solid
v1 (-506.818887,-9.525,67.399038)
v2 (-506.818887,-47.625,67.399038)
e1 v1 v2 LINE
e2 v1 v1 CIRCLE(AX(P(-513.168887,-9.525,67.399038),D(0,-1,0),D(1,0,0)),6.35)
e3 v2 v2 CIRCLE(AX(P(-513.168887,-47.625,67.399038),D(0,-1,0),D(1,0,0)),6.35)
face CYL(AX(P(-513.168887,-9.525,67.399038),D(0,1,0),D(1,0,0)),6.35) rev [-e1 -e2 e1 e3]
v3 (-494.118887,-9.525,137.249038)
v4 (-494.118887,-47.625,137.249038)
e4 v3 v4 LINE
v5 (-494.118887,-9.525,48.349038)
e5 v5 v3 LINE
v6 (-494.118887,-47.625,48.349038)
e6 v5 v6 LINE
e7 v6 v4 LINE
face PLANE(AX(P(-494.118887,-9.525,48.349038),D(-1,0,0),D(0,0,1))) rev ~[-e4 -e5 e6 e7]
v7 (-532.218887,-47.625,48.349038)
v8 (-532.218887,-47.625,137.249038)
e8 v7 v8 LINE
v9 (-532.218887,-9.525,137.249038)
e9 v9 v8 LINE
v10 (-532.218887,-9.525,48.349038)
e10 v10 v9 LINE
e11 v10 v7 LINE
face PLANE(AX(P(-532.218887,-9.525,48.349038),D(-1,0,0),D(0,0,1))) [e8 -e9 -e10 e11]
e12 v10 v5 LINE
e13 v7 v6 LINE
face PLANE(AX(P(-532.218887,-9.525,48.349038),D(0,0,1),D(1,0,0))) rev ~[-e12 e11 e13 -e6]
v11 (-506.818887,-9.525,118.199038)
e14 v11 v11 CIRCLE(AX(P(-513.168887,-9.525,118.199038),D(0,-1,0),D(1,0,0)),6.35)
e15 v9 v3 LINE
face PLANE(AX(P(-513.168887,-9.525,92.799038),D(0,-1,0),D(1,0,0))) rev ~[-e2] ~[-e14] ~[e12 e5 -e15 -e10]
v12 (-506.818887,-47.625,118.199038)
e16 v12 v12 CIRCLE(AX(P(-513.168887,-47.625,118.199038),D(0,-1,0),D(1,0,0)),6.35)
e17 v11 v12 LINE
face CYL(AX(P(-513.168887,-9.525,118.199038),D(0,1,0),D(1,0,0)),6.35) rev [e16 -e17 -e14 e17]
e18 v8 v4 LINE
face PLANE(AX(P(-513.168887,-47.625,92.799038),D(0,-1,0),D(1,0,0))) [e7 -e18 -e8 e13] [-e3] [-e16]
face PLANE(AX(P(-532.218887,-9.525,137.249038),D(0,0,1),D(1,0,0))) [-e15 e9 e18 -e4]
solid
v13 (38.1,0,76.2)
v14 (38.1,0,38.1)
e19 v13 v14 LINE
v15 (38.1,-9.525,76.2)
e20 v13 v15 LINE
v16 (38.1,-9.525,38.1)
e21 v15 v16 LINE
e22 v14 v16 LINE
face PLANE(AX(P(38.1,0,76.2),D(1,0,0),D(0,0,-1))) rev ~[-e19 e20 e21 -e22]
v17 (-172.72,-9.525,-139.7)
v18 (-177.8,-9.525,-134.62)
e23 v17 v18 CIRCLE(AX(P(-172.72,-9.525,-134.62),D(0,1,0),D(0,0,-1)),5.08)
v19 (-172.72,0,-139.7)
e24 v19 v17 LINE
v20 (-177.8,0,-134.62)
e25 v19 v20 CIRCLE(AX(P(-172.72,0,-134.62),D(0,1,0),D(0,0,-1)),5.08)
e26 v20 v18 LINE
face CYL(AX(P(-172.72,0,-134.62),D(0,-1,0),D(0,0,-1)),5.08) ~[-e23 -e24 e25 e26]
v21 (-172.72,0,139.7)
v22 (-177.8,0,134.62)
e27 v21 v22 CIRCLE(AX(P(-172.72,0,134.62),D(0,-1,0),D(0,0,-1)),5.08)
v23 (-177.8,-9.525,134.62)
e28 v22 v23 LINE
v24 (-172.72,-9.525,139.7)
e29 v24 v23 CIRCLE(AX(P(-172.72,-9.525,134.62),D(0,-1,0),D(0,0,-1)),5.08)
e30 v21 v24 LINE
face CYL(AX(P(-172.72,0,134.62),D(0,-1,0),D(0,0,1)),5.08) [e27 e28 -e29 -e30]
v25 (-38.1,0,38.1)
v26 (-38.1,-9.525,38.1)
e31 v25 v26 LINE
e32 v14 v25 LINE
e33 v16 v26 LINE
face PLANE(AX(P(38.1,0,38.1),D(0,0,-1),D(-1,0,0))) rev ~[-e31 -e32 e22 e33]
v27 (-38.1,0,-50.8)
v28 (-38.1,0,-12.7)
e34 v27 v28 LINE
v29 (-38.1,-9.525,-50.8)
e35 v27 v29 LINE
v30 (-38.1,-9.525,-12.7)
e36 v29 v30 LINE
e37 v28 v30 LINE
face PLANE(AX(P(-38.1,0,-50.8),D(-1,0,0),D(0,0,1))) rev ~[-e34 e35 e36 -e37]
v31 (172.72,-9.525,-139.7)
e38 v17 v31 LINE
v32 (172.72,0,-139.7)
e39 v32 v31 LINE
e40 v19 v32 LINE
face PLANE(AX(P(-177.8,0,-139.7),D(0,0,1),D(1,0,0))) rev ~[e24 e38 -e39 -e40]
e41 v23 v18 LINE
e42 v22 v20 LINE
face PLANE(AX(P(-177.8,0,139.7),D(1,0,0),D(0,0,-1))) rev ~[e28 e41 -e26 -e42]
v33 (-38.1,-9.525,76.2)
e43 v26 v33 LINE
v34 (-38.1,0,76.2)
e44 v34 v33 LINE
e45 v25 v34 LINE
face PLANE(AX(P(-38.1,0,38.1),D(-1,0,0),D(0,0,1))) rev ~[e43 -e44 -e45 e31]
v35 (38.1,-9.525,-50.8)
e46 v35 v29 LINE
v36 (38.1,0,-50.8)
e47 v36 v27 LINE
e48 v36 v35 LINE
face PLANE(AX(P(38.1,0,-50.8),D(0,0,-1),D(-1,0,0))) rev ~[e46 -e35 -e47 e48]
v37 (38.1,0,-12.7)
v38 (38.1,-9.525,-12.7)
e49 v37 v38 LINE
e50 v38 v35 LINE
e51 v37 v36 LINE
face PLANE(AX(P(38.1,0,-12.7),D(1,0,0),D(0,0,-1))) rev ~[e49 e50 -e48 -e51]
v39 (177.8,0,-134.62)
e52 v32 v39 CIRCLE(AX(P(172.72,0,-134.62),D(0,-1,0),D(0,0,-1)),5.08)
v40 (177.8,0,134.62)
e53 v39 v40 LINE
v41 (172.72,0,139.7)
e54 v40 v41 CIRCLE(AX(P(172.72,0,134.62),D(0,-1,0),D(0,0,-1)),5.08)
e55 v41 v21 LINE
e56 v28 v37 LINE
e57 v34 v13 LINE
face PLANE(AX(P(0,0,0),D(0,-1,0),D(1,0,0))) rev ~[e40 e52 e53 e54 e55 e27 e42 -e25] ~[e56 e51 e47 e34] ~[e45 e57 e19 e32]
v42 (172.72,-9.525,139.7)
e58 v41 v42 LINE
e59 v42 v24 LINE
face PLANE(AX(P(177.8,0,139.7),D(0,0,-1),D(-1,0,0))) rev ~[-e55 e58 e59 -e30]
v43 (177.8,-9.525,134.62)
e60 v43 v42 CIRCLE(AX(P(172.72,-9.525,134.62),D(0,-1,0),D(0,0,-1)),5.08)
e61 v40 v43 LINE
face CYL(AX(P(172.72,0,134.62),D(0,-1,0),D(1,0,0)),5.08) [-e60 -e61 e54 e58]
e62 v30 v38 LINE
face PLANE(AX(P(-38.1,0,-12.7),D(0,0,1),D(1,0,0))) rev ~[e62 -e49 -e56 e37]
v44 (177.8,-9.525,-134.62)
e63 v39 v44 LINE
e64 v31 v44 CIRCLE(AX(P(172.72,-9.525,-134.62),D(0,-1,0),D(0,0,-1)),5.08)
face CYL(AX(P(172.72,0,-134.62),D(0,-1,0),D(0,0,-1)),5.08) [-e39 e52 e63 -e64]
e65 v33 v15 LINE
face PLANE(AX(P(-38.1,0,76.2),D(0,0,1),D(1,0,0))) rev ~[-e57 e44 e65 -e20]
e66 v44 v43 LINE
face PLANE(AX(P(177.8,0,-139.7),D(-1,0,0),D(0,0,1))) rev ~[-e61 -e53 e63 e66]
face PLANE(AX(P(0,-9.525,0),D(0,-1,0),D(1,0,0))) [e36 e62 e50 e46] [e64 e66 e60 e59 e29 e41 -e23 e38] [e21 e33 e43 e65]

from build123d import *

# Parameters (mm, degrees)
F1_DEPTH = 9.525
F2_R     = 5.08
F3_W     = 38.1
F3_H     = 88.9
F3_R     = 6.35
F4_DEPTH = 38.1


with BuildPart() as f1:
    # F0 (on Front) → F1 (new body)
    with BuildSketch(Plane.XZ):
        Polygon((-177.8, -139.7), (177.8, -139.7), (177.8, 139.7), (0, 139.7), (-177.8, 139.7), align=None)
        Polygon((-38.1, -12.7), (0, -12.7), (38.1, -12.7), (38.1, -50.8), (-38.1, -50.8), align=None, mode=Mode.SUBTRACT)
        Polygon((-38.1, 76.2), (0, 76.2), (38.1, 76.2), (38.1, 38.1), (0, 38.1), (-38.1, 38.1), align=None, mode=Mode.SUBTRACT)
    extrude(amount=F1_DEPTH)

    # F2
    f2_edges = [f1.edges().sort_by_distance(p)[0] for p in [
        (-177.8, -4.7625, 139.7),
        (177.8, -4.7625, 139.7),
        (177.8, -4.7625, -139.7),
        (-177.8, -4.7625, -139.7),
    ]]
    fillet(f2_edges, radius=F2_R)


with BuildPart() as f4:
    # F3 (on face) → F4 (new body)
    with BuildSketch(Plane.XZ.offset(9.525)):
        with Locations((-513.168887, 92.799038)):
            Rectangle(F3_W, F3_H)
        with Locations((-513.168887, 67.399038)):
            Circle(F3_R, mode=Mode.SUBTRACT)
        with Locations((-513.168887, 118.199038)):
            Circle(F3_R, mode=Mode.SUBTRACT)
    extrude(amount=F4_DEPTH)


solid = Compound([f1.part, f4.part])
